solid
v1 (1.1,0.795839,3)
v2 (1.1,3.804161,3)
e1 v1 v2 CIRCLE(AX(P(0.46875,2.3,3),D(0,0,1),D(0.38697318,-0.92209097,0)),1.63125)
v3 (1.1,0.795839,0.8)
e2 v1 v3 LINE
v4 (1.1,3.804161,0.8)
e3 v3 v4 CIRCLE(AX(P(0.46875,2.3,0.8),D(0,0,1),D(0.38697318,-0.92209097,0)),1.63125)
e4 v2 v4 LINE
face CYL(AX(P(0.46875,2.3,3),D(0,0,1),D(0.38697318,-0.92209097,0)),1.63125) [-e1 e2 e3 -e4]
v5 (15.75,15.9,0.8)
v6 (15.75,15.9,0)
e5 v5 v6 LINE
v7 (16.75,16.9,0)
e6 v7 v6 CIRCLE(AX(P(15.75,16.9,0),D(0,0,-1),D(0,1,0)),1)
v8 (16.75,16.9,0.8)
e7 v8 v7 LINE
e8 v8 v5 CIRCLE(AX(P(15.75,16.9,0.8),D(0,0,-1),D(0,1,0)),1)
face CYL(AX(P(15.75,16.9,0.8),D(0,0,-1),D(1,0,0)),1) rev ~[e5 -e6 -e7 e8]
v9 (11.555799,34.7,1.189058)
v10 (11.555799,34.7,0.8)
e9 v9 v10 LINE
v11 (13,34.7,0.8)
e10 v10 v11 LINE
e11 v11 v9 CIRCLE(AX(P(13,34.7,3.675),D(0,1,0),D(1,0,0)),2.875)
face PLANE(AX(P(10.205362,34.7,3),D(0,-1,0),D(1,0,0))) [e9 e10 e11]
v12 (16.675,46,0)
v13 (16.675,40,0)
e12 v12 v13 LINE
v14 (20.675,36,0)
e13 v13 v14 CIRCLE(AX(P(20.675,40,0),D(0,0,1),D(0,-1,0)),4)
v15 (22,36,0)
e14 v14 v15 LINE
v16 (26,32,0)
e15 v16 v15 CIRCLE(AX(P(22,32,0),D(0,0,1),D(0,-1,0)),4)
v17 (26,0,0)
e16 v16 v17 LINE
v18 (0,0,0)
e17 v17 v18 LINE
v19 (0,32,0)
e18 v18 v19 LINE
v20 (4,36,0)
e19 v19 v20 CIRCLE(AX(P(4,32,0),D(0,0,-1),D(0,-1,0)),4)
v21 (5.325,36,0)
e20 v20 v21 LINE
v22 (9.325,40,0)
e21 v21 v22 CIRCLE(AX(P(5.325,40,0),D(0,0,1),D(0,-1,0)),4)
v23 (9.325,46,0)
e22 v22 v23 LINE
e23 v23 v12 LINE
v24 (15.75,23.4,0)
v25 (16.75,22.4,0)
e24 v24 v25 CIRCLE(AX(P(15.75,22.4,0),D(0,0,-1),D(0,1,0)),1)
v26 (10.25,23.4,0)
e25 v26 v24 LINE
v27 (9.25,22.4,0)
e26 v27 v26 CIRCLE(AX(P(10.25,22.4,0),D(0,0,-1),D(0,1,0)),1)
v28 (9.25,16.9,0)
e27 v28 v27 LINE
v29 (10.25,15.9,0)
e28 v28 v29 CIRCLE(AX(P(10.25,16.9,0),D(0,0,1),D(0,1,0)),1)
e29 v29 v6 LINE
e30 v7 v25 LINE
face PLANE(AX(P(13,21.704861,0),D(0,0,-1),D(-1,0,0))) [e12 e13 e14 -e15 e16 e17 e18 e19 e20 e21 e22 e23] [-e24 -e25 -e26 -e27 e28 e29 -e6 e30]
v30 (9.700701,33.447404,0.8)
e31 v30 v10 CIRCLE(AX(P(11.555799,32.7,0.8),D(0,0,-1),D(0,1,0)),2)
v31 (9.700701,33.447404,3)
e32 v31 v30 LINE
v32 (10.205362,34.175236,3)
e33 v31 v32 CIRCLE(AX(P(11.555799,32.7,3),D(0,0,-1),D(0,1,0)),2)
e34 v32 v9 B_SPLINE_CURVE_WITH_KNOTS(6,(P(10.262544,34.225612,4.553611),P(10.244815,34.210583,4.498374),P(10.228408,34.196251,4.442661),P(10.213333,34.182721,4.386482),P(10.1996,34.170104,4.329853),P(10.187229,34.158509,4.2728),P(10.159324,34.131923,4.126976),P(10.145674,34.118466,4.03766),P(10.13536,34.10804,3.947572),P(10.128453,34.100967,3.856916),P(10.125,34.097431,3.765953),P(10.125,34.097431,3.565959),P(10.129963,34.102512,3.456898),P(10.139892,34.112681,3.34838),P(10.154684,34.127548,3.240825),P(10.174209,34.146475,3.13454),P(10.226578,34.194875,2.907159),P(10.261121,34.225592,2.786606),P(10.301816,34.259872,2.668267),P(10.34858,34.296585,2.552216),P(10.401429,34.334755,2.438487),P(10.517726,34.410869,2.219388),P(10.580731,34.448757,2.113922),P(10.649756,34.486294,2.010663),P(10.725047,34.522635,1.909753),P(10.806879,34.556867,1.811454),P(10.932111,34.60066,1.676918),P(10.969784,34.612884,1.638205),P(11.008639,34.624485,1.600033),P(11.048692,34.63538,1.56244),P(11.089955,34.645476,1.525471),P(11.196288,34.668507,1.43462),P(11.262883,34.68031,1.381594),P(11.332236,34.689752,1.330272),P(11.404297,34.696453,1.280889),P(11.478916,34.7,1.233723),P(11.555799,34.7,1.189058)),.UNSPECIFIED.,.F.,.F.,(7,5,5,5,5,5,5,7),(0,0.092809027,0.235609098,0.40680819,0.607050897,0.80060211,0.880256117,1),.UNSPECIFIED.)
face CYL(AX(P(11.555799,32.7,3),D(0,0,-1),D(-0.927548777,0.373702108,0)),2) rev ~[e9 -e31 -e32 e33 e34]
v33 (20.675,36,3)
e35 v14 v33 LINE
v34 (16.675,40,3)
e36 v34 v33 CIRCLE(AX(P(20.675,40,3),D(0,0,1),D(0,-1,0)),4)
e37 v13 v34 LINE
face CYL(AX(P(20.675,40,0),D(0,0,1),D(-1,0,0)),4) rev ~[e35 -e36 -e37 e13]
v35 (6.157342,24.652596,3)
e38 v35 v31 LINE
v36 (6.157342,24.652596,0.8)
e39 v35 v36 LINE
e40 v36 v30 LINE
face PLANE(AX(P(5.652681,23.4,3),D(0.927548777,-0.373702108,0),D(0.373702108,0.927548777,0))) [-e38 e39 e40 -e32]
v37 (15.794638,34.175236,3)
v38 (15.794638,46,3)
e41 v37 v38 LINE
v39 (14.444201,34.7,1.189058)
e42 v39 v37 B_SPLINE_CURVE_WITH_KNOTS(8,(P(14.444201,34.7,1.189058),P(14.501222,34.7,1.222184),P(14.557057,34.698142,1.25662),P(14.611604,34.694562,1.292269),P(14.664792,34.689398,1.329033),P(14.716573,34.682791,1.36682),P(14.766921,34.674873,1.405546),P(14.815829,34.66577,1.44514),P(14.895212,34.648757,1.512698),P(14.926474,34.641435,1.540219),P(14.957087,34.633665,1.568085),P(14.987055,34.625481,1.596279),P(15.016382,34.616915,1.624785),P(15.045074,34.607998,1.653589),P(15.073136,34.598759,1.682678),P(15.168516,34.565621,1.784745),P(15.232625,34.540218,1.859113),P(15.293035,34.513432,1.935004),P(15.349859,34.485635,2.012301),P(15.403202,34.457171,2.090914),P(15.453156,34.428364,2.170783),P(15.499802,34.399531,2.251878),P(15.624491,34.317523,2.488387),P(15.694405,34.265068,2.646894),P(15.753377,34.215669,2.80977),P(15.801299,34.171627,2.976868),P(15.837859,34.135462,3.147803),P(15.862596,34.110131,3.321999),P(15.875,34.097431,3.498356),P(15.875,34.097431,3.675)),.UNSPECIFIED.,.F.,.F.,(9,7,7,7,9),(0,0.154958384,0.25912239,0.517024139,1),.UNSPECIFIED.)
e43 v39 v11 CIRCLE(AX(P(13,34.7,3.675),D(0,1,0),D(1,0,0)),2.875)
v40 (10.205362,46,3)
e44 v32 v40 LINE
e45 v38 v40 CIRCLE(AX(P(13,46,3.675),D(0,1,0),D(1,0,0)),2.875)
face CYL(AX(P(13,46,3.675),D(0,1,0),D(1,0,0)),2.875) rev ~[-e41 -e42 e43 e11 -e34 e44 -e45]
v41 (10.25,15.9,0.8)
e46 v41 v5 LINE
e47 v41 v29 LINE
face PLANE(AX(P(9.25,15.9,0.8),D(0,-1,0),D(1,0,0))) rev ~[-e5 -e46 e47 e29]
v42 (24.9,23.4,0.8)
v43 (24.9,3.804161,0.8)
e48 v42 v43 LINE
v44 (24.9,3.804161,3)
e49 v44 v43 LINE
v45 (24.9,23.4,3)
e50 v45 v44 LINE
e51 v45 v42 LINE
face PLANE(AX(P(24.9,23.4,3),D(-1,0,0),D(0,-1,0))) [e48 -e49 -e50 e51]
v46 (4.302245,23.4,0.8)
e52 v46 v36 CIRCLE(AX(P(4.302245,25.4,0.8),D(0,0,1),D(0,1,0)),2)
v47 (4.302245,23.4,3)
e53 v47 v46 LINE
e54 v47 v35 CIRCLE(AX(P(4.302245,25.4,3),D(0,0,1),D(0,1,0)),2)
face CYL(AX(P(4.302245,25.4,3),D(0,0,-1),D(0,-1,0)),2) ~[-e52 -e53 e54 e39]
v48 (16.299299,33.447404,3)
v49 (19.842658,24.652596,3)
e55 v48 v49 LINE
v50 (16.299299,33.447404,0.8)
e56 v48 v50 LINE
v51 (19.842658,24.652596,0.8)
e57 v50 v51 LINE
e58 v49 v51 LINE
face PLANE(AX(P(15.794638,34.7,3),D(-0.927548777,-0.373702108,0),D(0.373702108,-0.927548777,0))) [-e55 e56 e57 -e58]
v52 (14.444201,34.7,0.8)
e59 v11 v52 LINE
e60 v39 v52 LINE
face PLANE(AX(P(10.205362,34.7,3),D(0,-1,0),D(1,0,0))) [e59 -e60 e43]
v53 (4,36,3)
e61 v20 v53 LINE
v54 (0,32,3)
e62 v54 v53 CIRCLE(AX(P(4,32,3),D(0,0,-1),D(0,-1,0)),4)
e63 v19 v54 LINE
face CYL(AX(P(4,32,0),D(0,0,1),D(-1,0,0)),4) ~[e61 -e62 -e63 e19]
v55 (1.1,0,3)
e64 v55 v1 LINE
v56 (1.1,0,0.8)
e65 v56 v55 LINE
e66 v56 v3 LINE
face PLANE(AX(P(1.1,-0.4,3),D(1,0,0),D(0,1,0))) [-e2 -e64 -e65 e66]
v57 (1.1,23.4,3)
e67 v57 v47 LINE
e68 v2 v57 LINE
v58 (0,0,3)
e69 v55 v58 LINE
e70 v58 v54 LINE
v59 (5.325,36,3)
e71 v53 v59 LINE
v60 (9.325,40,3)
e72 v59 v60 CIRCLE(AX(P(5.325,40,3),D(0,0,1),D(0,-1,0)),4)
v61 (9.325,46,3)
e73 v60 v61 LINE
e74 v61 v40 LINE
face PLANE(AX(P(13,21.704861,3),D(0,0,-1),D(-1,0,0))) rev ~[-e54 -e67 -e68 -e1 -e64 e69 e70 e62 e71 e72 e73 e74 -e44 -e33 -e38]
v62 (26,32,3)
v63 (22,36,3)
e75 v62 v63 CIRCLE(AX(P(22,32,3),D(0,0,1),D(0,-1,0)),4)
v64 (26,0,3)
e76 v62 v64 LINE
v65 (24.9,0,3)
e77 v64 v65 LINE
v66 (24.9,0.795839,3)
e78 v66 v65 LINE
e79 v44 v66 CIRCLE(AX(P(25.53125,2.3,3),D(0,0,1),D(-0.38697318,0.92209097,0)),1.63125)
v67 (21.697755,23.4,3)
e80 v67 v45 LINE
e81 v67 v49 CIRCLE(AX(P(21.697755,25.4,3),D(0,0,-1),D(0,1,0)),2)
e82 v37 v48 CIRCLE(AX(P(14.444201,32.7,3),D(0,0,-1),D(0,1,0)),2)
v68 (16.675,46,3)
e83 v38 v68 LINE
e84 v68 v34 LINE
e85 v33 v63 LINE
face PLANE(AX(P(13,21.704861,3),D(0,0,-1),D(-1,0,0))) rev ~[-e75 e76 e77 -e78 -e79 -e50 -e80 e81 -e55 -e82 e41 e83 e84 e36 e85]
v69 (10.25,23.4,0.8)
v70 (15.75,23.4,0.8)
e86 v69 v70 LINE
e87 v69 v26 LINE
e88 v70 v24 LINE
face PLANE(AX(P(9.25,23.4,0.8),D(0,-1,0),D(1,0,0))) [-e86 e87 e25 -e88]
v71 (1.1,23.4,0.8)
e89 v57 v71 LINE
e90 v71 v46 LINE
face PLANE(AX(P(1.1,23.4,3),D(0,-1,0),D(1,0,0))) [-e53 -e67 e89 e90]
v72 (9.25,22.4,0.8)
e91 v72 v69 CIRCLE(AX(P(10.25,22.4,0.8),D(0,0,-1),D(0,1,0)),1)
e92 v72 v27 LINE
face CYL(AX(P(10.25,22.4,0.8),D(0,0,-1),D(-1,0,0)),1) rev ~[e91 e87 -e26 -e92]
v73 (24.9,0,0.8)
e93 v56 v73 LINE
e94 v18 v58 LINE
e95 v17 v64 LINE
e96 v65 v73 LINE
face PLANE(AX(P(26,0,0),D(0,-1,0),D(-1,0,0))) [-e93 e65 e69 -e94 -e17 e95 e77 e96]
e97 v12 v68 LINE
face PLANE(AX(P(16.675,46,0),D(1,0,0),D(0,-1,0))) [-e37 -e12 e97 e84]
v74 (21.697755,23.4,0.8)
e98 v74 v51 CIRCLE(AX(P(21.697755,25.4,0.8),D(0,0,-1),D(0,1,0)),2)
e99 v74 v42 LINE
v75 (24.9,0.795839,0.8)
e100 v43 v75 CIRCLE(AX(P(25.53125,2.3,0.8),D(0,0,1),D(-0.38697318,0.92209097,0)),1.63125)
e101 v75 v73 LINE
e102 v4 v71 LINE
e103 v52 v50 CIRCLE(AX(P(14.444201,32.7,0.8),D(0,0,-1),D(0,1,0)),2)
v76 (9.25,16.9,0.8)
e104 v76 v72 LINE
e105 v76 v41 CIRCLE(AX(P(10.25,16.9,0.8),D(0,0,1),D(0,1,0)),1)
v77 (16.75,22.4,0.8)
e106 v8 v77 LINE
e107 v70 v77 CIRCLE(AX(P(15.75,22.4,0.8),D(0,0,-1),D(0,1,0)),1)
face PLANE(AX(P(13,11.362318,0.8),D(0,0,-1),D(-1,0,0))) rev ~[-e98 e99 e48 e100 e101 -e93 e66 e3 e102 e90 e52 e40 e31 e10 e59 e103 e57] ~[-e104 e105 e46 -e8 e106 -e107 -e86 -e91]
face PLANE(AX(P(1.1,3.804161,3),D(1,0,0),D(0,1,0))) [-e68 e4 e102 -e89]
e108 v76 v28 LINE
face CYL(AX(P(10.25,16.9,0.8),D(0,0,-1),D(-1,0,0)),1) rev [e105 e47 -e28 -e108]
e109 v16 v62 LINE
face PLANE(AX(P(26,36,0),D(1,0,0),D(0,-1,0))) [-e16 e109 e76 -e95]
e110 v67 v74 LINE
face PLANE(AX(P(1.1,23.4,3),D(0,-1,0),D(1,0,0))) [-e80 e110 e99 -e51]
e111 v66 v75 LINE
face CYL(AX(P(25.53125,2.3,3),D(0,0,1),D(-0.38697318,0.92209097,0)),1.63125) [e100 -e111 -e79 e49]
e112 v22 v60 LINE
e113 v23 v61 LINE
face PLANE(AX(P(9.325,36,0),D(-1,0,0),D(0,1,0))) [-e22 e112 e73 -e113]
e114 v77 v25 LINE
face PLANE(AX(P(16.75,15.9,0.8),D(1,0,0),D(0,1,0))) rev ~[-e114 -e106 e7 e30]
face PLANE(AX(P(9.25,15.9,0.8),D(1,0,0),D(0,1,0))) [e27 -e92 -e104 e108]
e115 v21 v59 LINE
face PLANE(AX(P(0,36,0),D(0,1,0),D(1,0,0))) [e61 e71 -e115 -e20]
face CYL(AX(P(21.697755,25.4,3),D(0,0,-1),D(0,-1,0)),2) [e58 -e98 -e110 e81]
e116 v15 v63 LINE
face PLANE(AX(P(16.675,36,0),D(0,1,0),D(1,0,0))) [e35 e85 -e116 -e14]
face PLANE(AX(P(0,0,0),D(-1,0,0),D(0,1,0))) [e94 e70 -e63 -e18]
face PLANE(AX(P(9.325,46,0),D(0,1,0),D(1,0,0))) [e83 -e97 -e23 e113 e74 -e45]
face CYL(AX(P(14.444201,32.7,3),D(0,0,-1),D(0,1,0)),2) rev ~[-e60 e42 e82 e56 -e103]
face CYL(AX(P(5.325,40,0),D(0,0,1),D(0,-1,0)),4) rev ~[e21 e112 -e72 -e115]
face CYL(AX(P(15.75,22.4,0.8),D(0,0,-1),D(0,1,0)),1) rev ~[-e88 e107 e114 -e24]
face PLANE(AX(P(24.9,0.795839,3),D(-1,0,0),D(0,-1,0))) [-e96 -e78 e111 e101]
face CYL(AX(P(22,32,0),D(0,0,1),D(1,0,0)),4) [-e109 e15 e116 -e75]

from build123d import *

# Parameters (mm, degrees)
BOSS_EXTRUDE1_DEPTH = 3
CUT_EXTRUDE1_DEPTH  = 2.2
SKETCH3_R           = 2.875
CUT_EXTRUDE2_DEPTH  = 22.6
CUT_EXTRUDE3_DEPTH  = 2.2
FILLET1_R           = 2
FILLET2_R           = 4
FILLET3_R           = 4
SKETCH5_W           = 7.5
SKETCH5_H           = 7.5
CUT_EXTRUDE4_DEPTH  = 0.8
FILLET4_R           = 1


with BuildPart() as part:
    # Sketch1 → Boss-Extrude1 (new body)
    with BuildSketch(Plane.XY):
        Polygon((0, 36), (9.325, 36), (9.325, 46), (16.675, 46), (16.675, 36), (26, 36), (26, 0), (0, 0), align=None)
    extrude(amount=BOSS_EXTRUDE1_DEPTH)

    # Sketch2 → Cut-Extrude1 (cut)
    with BuildSketch(Plane.XY.offset(3)):
        with BuildLine():
            Line((1.1, -0.4), (1.1, 0.795839104))
            ThreePointArc((1.1, 0.795839104), (2.1, 2.3), (1.1, 3.804160896))
            Line((1.1, 3.804160896), (1.1, 23.4))
            Line((1.1, 23.4), (24.9, 23.4))
            Line((24.9, 23.4), (24.9, 3.804160896))
            ThreePointArc((24.9, 3.804160896), (23.9, 2.3), (24.9, 0.795839104))
            Line((24.9, 0.795839104), (24.9, -0.4))
            Line((24.9, -0.4), (1.1, -0.4))
        make_face()
    extrude(amount=-CUT_EXTRUDE1_DEPTH, mode=Mode.SUBTRACT)

    # Sketch3 → Cut-Extrude2 (cut)
    with BuildSketch(Plane(origin=(0, 46, 0), x_dir=(1, 0, 0), z_dir=(0, 1, 0))):
        with Locations((13, -3.675)):
            Circle(SKETCH3_R)
    extrude(amount=-CUT_EXTRUDE2_DEPTH, mode=Mode.SUBTRACT)

    # Sketch4 → Cut-Extrude3 (cut)
    with BuildSketch(Plane.XY.offset(3)):
        Polygon((5.652681139, 23.4), (10.205362278, 34.7), (15.794637722, 34.7), (20.347318861, 23.4), align=None)
    extrude(amount=-CUT_EXTRUDE3_DEPTH, mode=Mode.SUBTRACT)

    # Fillet1
    fillet1_edges = [part.edges().sort_by_distance(p)[0] for p in [
        (10.205362278, 34.7, 1.9),
        (20.347318861, 23.4, 1.9),
        (15.794637722, 34.7, 1.9),
        (5.652681139, 23.4, 1.9),
    ]]
    fillet(fillet1_edges, radius=FILLET1_R)

    # Fillet2
    fillet2_edges = [part.edges().sort_by_distance(p)[0] for p in [
        (0, 36, 1.5),
        (26, 36, 1.5),
    ]]
    fillet(fillet2_edges, radius=FILLET2_R)

    # Fillet3
    fillet3_edges = [part.edges().sort_by_distance(p)[0] for p in [
        (9.325, 36, 1.5),
        (16.675, 36, 1.5),
    ]]
    fillet(fillet3_edges, radius=FILLET3_R)

    # Sketch5 → Cut-Extrude4 (cut)
    with BuildSketch(Plane.XY.offset(0.8)):
        with Locations((13, 19.65)):
            Rectangle(SKETCH5_W, SKETCH5_H)
    extrude(amount=-CUT_EXTRUDE4_DEPTH, mode=Mode.SUBTRACT)

    # Fillet4
    fillet4_edges = [part.edges().sort_by_distance(p)[0] for p in [
        (16.75, 15.9, 0.4),
        (16.75, 23.4, 0.4),
        (9.25, 23.4, 0.4),
        (9.25, 15.9, 0.4),
    ]]
    fillet(fillet4_edges, radius=FILLET4_R)


solid = part.part
